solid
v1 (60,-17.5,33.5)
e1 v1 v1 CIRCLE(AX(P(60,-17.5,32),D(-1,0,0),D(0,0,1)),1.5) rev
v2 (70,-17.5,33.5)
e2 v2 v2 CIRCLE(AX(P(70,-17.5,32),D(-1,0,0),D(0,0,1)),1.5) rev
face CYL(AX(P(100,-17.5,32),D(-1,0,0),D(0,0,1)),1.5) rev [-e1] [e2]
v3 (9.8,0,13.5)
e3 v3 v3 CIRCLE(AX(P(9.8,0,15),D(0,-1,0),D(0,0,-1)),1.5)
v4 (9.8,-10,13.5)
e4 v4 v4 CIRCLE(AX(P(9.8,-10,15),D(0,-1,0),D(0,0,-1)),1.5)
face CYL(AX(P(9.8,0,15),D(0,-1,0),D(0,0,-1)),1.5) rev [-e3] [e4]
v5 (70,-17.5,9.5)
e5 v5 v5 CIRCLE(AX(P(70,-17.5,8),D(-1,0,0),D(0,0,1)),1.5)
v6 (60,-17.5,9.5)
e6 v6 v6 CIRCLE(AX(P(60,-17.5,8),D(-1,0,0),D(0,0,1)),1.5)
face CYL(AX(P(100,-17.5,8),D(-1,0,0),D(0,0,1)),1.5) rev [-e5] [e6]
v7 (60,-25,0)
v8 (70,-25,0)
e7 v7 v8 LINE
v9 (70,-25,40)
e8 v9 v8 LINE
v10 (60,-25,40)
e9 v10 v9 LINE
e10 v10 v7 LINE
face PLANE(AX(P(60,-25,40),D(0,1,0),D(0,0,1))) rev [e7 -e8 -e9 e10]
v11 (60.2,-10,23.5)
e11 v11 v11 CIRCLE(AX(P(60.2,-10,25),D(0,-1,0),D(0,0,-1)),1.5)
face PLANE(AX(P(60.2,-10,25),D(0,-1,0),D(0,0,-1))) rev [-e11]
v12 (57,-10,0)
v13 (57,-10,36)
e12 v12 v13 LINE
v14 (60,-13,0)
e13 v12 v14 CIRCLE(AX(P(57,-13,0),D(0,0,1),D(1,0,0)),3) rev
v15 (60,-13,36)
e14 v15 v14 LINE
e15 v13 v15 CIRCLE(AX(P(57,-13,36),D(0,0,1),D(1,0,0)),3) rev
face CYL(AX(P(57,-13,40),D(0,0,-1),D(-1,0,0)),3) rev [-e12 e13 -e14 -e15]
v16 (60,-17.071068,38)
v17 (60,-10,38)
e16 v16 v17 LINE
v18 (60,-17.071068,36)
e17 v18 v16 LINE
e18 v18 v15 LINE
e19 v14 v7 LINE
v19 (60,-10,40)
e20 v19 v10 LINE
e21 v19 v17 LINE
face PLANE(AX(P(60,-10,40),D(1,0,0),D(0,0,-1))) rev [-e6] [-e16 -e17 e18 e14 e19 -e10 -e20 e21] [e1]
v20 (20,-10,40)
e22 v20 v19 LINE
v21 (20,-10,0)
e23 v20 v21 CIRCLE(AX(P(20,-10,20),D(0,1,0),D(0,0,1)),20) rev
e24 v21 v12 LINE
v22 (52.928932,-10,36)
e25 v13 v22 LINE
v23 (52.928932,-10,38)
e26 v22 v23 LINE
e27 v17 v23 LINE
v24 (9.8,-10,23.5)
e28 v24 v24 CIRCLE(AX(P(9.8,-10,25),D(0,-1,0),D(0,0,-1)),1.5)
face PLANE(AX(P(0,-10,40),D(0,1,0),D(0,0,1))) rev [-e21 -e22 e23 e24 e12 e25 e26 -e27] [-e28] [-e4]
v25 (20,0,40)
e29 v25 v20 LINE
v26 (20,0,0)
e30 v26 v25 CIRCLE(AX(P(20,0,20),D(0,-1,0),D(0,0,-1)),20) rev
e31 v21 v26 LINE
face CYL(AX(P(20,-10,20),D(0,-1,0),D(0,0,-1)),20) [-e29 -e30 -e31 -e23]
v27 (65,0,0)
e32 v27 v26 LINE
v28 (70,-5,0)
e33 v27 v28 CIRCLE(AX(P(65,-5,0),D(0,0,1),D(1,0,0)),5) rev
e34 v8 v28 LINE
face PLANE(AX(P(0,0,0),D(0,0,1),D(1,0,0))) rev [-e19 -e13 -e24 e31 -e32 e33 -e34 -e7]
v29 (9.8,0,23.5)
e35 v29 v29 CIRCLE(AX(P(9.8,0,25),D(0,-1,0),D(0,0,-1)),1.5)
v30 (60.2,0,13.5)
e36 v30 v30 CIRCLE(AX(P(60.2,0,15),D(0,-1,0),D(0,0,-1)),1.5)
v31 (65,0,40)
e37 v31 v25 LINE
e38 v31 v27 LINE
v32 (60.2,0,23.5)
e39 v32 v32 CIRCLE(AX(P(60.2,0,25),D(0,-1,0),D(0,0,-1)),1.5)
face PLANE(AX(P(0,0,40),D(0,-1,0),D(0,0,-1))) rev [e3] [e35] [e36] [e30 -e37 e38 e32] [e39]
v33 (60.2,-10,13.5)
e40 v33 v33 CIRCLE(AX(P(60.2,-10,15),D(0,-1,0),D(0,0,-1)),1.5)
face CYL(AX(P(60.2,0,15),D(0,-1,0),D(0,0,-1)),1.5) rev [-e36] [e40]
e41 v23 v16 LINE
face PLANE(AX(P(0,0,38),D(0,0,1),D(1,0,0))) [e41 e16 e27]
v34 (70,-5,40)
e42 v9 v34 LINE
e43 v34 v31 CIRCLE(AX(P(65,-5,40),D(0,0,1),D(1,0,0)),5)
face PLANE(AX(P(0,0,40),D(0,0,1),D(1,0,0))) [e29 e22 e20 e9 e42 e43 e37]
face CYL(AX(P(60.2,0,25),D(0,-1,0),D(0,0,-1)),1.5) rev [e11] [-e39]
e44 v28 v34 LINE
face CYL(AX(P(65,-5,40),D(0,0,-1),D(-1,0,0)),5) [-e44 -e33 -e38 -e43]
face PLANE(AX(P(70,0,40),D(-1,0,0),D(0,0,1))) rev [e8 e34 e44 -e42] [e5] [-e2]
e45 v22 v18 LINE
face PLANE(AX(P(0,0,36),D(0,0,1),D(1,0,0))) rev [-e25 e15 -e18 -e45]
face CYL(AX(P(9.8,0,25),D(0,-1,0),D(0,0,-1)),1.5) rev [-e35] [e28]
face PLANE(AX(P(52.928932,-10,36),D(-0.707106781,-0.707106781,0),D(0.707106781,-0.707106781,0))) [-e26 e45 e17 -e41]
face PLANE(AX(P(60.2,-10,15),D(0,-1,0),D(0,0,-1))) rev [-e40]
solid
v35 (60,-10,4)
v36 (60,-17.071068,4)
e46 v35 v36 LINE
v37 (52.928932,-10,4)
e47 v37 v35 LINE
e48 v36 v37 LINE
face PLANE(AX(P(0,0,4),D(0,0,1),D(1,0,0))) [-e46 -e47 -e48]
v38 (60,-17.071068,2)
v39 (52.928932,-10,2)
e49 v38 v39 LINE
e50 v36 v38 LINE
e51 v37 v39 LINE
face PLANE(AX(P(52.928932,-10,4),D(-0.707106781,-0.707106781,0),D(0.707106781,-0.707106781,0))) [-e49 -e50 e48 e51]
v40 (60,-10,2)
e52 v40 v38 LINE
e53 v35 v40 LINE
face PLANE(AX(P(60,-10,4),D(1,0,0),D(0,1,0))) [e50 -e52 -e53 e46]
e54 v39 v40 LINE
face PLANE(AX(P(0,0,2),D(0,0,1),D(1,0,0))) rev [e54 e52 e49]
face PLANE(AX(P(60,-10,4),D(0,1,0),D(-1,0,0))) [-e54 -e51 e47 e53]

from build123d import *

# Parameters (mm, degrees)
BOSS_EXTRU_1_DEPTH      = 40
ESQUISSE2_R             = 1.5
ENL_V_MAT_EXTRU_1_DEPTH = 40
BOSS_EXTRU_2_START      = -2
BOSS_EXTRU_2_DEPTH      = 2
BOSS_EXTRU_3_START      = -2
BOSS_EXTRU_3_DEPTH      = 2
CONG_1_R                = 5
CONG_2_R                = 3
CONG_3_RADIUS           = 20
CONG_3_LENGTH           = 10
ESQUISSE5_R             = 1.5
ENL_V_MAT_EXTRU_2_DEPTH = 83.006097334


with BuildPart() as part:
    # Esquisse1 → Boss.-Extru.1 (new body)
    with BuildSketch(Plane.XY):
        Polygon((0, 0), (70, 0), (70, -25), (60, -25), (60, -10), (0, -10), align=None)
    extrude(amount=BOSS_EXTRU_1_DEPTH)

    # Esquisse2 → Enlèv. mat.-Extru.1 (cut)
    with BuildSketch(Plane.ZY.offset(-60)):
        with Locations((8, -17.5)):
            Circle(ESQUISSE2_R)
        with Locations((32, -17.5)):
            Circle(ESQUISSE2_R)
    extrude(amount=-ENL_V_MAT_EXTRU_1_DEPTH, mode=Mode.SUBTRACT)

    # Esquisse4 → Boss.-Extru.3 (add)
    with BuildSketch(Plane.XY.offset(40).offset(BOSS_EXTRU_3_START)):
        Polygon((60, -10), (52.928932188, -10), (60, -17.071067812), align=None)
    extrude(amount=-BOSS_EXTRU_3_DEPTH)

    # Congé1
    cong_1_edges = [part.edges().sort_by_distance(p)[0] for p in [
        (70, 0, 20),
    ]]
    fillet(cong_1_edges, radius=CONG_1_R)

    # Congé2
    cong_2_edges = [part.edges().sort_by_distance(p)[0] for p in [
        (60, -10, 18),
    ]]
    fillet(cong_2_edges, radius=CONG_2_R)

    # Congé3: full round fillet: the end face becomes a half cylinder, R = half its width
    cong_3_face = Plane((0, -5, 20), x_dir=(0, 1, 0), z_dir=(-1, 0, 0))  # on the end face: x along it, z out of the body
    cong_3_slab = cong_3_face.offset(-CONG_3_RADIUS / 2) * Box(CONG_3_LENGTH, 2 * CONG_3_RADIUS, CONG_3_RADIUS, mode=Mode.PRIVATE)  # the body's end, R deep
    cong_3_round = Plane((20, -5, 20), x_dir=(-1, 0, 0), z_dir=(0, 1, 0)) * Cylinder(CONG_3_RADIUS, CONG_3_LENGTH, mode=Mode.PRIVATE)  # its axis R under the face
    add(cong_3_slab - cong_3_round, mode=Mode.SUBTRACT)

    # Esquisse5 → Enlèv. mat.-Extru.2 (cut, through all)
    with BuildSketch(Plane.XZ.offset(10)):
        with Locations(Location((60.2, 25, 0), (0, 0, 270))):
            Circle(ESQUISSE5_R)
        with Locations(Location((60.2, 15, 0), (0, 0, 270))):
            Circle(ESQUISSE5_R)
        with Locations(Location((9.8, 25, 0), (0, 0, 270))):
            Circle(ESQUISSE5_R)
        with Locations(Location((9.8, 15, 0), (0, 0, 270))):
            Circle(ESQUISSE5_R)
    extrude(amount=-ENL_V_MAT_EXTRU_2_DEPTH, mode=Mode.SUBTRACT)


with BuildPart() as body_2:
    # Esquisse3 → Boss.-Extru.2 (new body)
    with BuildSketch(Plane(origin=(0, 0, 0), x_dir=(-1, 0, 0), z_dir=(0, 0, -1)).offset(BOSS_EXTRU_2_START)):
        Polygon((-60, -10), (-60, -17.071067812), (-52.928932188, -10), align=None)
    extrude(amount=-BOSS_EXTRU_2_DEPTH)


solid = Compound([part.part, body_2.part])
